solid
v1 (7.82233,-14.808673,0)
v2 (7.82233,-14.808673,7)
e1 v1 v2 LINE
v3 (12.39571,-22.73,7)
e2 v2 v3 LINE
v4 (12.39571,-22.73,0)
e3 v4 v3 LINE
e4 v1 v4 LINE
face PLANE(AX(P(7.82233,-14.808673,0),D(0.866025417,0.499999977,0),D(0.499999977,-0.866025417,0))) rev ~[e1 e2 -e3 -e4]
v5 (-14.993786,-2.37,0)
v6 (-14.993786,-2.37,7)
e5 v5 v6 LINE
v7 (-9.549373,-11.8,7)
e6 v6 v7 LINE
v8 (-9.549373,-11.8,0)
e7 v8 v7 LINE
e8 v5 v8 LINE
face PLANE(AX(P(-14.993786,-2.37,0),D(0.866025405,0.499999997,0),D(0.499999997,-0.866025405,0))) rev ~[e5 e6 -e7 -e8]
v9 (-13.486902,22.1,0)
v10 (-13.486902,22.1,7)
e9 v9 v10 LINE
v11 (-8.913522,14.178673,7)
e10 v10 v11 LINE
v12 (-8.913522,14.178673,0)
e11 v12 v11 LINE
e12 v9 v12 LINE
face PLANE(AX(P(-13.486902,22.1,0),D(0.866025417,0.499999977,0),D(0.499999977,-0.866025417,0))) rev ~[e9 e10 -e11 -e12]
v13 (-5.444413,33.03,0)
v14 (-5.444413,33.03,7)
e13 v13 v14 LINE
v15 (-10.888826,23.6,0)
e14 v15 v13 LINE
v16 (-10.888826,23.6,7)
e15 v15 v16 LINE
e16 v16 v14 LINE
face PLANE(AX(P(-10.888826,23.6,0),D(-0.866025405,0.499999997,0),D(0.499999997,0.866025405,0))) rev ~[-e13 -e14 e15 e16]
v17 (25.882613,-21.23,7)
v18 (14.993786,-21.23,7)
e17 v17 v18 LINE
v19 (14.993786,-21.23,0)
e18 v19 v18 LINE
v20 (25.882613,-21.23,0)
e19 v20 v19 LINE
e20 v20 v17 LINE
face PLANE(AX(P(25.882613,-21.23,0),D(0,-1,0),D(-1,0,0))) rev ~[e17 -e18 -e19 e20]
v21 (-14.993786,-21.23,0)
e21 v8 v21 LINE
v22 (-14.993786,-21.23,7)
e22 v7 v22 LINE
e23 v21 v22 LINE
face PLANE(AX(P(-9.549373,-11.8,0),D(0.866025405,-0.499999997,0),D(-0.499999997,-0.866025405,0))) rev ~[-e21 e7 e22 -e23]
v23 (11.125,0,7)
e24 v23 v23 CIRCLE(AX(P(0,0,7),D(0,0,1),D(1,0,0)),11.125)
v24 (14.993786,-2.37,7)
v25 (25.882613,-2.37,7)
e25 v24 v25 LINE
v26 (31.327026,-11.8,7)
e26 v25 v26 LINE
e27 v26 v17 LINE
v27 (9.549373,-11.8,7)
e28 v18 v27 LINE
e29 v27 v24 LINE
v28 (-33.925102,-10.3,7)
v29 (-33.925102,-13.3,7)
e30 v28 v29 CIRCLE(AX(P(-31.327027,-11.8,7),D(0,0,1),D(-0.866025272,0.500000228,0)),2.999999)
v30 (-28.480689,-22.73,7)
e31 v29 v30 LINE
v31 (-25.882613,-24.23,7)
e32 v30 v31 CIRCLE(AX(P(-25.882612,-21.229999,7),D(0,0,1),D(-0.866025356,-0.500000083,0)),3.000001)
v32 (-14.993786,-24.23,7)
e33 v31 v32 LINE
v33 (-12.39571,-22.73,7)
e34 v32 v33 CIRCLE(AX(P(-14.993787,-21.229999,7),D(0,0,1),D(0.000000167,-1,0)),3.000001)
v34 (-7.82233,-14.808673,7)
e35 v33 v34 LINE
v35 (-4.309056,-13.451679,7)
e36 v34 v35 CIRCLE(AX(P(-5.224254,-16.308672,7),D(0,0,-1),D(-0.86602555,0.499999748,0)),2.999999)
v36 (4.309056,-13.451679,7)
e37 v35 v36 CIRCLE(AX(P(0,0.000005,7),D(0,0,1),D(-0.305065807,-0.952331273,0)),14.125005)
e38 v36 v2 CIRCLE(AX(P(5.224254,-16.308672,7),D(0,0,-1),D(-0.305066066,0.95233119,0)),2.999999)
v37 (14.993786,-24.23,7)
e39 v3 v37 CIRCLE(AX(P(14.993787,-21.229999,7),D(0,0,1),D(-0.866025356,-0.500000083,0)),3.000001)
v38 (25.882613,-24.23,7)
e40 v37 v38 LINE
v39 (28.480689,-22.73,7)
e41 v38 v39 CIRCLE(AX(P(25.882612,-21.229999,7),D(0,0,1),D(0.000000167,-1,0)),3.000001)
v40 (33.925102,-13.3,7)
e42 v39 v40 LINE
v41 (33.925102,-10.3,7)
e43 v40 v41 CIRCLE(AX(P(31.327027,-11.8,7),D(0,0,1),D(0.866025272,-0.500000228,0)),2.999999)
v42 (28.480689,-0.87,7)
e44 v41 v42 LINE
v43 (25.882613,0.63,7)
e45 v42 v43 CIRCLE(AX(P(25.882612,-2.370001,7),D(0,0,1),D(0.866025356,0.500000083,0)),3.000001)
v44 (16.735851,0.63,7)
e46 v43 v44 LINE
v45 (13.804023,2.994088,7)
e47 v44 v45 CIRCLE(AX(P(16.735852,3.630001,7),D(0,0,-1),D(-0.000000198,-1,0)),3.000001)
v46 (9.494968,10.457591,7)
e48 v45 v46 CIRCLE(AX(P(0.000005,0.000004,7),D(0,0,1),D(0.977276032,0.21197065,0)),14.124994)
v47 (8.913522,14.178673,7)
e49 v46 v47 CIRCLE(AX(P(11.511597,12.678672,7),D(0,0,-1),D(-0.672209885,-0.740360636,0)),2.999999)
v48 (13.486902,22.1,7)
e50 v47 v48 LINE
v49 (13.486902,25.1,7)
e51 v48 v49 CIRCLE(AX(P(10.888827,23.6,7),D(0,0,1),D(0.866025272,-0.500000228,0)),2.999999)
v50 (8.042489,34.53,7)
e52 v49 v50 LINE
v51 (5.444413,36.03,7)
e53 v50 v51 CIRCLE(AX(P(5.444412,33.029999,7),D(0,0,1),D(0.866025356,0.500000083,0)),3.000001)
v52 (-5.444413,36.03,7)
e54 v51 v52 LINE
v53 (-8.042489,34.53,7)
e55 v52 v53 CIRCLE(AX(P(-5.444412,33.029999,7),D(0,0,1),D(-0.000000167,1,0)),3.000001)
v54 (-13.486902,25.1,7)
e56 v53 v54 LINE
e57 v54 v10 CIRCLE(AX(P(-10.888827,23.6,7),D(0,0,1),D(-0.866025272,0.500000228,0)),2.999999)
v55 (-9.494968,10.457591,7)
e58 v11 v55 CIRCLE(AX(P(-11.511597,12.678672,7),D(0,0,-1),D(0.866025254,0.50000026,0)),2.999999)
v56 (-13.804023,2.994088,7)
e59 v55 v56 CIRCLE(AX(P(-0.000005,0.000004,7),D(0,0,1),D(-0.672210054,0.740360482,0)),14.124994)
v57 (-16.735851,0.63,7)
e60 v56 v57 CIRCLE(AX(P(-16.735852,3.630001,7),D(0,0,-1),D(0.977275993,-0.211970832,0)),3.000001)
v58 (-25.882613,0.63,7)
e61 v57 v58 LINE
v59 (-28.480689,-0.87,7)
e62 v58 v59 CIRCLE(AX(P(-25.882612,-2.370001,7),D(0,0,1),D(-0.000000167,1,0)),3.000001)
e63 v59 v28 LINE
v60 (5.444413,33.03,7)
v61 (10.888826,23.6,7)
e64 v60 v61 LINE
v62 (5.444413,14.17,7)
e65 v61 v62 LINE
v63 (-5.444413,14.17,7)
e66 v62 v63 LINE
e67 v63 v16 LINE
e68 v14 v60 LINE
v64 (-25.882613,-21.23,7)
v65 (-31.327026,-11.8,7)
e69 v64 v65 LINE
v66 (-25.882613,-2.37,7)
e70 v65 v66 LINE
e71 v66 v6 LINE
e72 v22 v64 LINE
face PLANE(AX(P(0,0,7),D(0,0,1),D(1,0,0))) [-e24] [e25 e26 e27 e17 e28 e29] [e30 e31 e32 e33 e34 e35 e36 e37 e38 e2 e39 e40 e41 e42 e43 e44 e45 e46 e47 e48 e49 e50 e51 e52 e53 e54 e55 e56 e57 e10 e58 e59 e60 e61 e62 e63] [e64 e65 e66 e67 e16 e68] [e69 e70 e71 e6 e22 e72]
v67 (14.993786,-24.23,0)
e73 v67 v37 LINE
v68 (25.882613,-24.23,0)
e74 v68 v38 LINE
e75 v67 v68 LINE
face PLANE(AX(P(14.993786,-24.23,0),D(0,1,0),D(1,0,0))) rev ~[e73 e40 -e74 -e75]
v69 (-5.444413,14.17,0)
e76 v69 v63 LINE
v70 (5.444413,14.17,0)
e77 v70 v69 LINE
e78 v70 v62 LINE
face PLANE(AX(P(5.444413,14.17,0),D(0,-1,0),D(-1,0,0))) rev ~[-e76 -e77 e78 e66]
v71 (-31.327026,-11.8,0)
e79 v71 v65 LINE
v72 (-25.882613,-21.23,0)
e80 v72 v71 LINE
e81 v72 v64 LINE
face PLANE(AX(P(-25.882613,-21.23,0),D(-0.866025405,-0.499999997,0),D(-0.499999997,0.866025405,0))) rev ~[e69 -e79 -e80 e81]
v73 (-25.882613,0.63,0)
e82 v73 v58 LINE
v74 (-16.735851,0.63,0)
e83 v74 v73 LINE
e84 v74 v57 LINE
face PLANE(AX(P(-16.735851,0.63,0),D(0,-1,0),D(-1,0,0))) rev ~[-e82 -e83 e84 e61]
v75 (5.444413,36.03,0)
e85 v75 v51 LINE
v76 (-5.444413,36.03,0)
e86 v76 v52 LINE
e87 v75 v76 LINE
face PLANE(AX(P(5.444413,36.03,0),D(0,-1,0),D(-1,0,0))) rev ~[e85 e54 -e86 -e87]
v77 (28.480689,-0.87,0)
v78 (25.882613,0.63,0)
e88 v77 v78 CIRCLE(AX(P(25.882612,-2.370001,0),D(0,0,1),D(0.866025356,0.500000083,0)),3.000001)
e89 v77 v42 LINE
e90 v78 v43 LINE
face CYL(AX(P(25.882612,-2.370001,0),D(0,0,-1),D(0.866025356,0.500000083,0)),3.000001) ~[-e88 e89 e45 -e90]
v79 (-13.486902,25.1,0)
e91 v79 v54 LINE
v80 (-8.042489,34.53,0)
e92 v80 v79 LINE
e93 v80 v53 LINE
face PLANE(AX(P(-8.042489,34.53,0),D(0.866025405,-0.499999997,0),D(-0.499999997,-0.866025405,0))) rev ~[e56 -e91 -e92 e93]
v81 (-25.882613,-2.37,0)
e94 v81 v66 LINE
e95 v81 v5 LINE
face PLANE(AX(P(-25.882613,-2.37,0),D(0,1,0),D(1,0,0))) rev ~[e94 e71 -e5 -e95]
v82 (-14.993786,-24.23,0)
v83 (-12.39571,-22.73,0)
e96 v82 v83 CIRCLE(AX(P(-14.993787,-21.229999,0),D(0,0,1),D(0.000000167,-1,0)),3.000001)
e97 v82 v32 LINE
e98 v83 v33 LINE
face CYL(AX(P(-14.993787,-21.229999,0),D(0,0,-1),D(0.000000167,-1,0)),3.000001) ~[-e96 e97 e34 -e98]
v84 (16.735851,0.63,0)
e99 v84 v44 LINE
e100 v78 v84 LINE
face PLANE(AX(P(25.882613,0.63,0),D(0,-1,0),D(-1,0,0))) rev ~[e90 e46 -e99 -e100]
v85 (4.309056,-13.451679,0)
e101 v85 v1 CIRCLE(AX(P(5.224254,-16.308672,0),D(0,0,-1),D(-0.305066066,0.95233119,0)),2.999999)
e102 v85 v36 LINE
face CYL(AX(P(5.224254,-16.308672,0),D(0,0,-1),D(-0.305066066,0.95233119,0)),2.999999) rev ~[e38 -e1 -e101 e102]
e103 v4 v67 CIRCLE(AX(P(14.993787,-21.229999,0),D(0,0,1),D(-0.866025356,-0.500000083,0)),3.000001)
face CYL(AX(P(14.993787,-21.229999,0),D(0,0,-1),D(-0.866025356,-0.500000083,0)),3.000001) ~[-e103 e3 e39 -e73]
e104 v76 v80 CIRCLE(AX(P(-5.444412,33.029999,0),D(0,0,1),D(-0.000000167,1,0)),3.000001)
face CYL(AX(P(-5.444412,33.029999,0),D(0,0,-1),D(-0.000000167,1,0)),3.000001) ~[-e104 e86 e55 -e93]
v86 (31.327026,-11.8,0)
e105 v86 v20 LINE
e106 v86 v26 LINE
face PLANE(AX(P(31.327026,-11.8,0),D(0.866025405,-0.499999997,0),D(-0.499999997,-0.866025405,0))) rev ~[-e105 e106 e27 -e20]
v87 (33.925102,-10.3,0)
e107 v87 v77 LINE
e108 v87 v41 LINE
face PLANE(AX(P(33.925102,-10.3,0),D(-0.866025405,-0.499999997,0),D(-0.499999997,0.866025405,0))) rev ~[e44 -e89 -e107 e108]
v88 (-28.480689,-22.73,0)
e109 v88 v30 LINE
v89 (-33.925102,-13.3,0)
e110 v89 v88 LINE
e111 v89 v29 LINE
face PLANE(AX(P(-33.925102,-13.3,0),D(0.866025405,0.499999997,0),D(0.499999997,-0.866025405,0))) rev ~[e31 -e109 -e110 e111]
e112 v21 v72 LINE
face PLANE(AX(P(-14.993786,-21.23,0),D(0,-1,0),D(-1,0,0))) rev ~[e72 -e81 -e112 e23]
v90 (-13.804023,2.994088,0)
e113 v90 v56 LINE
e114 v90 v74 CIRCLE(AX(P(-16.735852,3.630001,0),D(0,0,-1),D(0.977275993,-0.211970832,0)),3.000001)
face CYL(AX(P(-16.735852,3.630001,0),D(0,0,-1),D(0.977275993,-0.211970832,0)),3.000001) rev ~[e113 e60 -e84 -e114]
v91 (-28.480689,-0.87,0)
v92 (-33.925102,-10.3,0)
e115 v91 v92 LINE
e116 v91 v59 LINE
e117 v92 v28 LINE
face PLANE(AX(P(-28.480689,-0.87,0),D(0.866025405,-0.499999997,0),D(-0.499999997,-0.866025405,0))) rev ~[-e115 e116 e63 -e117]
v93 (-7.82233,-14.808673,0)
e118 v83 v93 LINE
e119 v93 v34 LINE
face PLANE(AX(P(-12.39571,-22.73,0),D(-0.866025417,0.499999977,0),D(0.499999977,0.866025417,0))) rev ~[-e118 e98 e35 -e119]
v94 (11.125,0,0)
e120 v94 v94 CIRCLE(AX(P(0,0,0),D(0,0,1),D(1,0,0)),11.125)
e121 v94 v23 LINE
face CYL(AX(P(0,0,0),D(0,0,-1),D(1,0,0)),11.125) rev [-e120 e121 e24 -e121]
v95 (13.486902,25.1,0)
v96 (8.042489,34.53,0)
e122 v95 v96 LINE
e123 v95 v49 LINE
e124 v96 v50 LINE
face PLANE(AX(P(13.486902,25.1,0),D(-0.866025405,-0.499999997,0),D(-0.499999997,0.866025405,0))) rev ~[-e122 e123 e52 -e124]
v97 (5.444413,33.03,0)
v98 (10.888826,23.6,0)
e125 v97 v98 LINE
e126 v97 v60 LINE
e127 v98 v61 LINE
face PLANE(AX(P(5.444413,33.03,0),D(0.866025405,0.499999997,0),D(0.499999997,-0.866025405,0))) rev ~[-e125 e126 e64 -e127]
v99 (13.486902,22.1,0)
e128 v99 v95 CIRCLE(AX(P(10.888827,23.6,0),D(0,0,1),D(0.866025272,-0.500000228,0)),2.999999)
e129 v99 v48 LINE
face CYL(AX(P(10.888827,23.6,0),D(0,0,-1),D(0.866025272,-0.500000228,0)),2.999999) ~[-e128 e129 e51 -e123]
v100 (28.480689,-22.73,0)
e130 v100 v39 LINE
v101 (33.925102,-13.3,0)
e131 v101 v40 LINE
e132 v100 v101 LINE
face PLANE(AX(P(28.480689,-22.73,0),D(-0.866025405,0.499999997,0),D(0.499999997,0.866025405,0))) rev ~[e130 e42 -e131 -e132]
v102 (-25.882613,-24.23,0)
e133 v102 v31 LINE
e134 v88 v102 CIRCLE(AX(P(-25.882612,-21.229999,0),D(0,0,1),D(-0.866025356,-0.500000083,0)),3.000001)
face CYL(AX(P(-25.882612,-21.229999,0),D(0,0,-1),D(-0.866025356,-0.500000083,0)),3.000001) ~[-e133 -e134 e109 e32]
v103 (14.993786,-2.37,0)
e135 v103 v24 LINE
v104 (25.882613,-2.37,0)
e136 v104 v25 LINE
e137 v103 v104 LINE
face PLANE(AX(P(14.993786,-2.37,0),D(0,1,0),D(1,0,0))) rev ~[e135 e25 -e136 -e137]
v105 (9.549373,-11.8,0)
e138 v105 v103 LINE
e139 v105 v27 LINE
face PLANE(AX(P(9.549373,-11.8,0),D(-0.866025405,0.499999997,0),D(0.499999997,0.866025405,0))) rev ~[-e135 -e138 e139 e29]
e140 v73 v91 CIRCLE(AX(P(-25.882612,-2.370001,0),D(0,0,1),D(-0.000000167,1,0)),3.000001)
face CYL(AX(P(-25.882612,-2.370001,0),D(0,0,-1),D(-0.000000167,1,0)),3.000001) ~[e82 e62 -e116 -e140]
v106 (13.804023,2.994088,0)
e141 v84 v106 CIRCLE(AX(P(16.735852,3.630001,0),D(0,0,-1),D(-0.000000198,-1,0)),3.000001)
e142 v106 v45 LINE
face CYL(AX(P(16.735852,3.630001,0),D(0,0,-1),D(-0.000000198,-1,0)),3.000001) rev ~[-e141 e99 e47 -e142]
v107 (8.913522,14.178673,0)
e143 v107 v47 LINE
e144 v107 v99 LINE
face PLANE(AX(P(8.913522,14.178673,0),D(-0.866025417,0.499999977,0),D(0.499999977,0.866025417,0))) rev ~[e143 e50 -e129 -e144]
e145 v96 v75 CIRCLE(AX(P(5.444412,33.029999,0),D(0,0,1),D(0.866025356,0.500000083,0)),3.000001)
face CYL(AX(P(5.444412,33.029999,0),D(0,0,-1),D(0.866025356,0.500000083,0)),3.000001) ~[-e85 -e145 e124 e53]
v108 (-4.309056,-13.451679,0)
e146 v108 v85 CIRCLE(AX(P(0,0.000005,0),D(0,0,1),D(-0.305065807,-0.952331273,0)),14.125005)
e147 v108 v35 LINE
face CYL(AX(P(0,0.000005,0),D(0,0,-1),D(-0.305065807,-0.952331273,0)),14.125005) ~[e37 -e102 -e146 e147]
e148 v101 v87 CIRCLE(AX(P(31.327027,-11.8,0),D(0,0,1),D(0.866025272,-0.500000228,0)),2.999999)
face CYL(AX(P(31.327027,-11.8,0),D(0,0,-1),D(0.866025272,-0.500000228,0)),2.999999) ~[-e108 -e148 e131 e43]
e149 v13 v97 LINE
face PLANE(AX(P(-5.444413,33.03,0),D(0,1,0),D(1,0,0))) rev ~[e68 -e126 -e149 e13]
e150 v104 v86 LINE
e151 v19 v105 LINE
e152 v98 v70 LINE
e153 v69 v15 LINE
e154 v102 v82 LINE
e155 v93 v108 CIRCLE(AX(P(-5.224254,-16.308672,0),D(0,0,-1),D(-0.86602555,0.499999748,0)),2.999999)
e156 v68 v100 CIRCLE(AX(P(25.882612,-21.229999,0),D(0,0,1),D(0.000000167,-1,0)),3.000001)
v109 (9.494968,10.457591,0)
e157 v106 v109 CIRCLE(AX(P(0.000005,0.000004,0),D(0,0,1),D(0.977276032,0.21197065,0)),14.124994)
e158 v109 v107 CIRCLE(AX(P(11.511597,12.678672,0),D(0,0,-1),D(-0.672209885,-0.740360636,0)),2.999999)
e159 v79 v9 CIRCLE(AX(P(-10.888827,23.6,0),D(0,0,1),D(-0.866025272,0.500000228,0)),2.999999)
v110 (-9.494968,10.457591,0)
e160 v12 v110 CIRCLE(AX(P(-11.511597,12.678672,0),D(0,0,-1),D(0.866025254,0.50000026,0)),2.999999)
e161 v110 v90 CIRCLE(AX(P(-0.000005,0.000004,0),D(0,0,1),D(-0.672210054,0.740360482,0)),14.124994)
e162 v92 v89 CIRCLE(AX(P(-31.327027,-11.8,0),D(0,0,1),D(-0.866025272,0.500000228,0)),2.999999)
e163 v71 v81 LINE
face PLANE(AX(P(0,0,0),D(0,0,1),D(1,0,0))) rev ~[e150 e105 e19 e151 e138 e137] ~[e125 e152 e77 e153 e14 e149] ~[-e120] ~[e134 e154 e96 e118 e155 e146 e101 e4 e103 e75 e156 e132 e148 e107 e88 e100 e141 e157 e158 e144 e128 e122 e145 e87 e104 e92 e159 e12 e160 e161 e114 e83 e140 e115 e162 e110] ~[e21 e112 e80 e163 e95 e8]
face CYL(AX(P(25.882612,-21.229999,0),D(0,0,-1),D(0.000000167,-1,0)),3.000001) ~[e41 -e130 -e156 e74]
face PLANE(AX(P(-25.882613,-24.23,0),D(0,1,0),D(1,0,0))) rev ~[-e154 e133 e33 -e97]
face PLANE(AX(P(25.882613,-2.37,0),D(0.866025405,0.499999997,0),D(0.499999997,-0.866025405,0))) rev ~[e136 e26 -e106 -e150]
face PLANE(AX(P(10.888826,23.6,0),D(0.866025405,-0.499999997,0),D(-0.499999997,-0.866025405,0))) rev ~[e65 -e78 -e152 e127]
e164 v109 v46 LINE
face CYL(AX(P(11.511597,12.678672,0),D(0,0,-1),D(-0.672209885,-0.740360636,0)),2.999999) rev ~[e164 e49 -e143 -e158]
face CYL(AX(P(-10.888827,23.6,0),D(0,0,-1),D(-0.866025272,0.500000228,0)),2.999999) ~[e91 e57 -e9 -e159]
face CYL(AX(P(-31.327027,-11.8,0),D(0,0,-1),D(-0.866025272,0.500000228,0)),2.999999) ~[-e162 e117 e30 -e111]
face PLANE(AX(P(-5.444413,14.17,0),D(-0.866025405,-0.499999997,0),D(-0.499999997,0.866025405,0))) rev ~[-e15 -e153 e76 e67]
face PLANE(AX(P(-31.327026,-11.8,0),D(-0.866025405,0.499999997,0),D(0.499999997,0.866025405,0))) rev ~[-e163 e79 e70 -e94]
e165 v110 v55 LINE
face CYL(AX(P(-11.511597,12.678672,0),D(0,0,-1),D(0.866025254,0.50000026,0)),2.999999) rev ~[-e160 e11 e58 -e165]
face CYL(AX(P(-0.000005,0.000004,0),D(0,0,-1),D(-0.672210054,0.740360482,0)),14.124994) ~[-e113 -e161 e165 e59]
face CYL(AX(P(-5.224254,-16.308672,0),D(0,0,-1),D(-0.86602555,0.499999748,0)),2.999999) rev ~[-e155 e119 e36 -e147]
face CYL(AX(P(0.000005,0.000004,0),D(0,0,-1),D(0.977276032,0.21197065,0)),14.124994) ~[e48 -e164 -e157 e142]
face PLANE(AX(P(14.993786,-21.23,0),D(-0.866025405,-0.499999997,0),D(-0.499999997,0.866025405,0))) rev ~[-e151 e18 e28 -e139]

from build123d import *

# Parameters (mm, degrees)
F0_R     = 11.125
F1_DEPTH = 7


with BuildPart() as f1:
    # F0 (on Top) → F1 (new body)
    with BuildSketch(Plane.XY):
        with BuildLine():
            Line((5.444413, 36.03), (-5.444413, 36.03))
            ThreePointArc((-5.444413, 36.03), (-6.944413, 35.628076), (-8.042489, 34.53))
            Line((-8.042489, 34.53), (-13.486902, 25.1))
            ThreePointArc((-13.486902, 25.1), (-13.888826, 23.6), (-13.486902, 22.1))
            Line((-13.486902, 22.1), (-8.913522, 14.178673))
            ThreePointArc((-8.913522, 14.178673), (-8.547565, 12.215521), (-9.494968, 10.457591))
            ThreePointArc((-9.494968, 10.457591), (-12.232609, 7.0625), (-13.804023, 2.994088))
            ThreePointArc((-13.804023, 2.994088), (-14.852734, 1.294648), (-16.735851, 0.63))
            Line((-16.735851, 0.63), (-25.882613, 0.63))
            ThreePointArc((-25.882613, 0.63), (-27.382613, 0.228076), (-28.480689, -0.87))
            Line((-28.480689, -0.87), (-33.925102, -10.3))
            ThreePointArc((-33.925102, -10.3), (-34.327026, -11.8), (-33.925102, -13.3))
            Line((-33.925102, -13.3), (-28.480689, -22.73))
            ThreePointArc((-28.480689, -22.73), (-27.382613, -23.828076), (-25.882613, -24.23))
            Line((-25.882613, -24.23), (-14.993786, -24.23))
            ThreePointArc((-14.993786, -24.23), (-13.493786, -23.828076), (-12.39571, -22.73))
            Line((-12.39571, -22.73), (-7.82233, -14.808673))
            ThreePointArc((-7.82233, -14.808673), (-6.305169, -13.510169), (-4.309056, -13.451679))
            ThreePointArc((-4.309056, -13.451679), (0, -14.125), (4.309056, -13.451679))
            ThreePointArc((4.309056, -13.451679), (6.305169, -13.510169), (7.82233, -14.808673))
            Line((7.82233, -14.808673), (12.39571, -22.73))
            ThreePointArc((12.39571, -22.73), (13.493786, -23.828076), (14.993786, -24.23))
            Line((14.993786, -24.23), (25.882613, -24.23))
            ThreePointArc((25.882613, -24.23), (27.382613, -23.828076), (28.480689, -22.73))
            Line((28.480689, -22.73), (33.925102, -13.3))
            ThreePointArc((33.925102, -13.3), (34.327026, -11.8), (33.925102, -10.3))
            Line((33.925102, -10.3), (28.480689, -0.87))
            ThreePointArc((28.480689, -0.87), (27.382613, 0.228076), (25.882613, 0.63))
            Line((25.882613, 0.63), (16.735851, 0.63))
            ThreePointArc((16.735851, 0.63), (14.852734, 1.294648), (13.804023, 2.994088))
            ThreePointArc((13.804023, 2.994088), (12.232609, 7.0625), (9.494968, 10.457591))
            ThreePointArc((9.494968, 10.457591), (8.547565, 12.215521), (8.913522, 14.178673))
            Line((8.913522, 14.178673), (13.486902, 22.1))
            ThreePointArc((13.486902, 22.1), (13.888826, 23.6), (13.486902, 25.1))
            Line((13.486902, 25.1), (8.042489, 34.53))
            ThreePointArc((8.042489, 34.53), (6.944413, 35.628076), (5.444413, 36.03))
        make_face()
        Polygon((-25.882613, -21.23), (-31.327026, -11.8), (-25.882613, -2.37), (-14.993786, -2.37), (-9.549373, -11.8), (-14.993786, -21.23), align=None, mode=Mode.SUBTRACT)
        Polygon((31.327026, -11.8), (25.882613, -21.23), (14.993786, -21.23), (9.549373, -11.8), (14.993786, -2.37), (25.882613, -2.37), align=None, mode=Mode.SUBTRACT)
        Circle(F0_R, mode=Mode.SUBTRACT)
        Polygon((-10.888826, 23.6), (-5.444413, 33.03), (5.444413, 33.03), (10.888826, 23.6), (5.444413, 14.17), (-5.444413, 14.17), align=None, mode=Mode.SUBTRACT)
    extrude(amount=F1_DEPTH)


solid = f1.part
